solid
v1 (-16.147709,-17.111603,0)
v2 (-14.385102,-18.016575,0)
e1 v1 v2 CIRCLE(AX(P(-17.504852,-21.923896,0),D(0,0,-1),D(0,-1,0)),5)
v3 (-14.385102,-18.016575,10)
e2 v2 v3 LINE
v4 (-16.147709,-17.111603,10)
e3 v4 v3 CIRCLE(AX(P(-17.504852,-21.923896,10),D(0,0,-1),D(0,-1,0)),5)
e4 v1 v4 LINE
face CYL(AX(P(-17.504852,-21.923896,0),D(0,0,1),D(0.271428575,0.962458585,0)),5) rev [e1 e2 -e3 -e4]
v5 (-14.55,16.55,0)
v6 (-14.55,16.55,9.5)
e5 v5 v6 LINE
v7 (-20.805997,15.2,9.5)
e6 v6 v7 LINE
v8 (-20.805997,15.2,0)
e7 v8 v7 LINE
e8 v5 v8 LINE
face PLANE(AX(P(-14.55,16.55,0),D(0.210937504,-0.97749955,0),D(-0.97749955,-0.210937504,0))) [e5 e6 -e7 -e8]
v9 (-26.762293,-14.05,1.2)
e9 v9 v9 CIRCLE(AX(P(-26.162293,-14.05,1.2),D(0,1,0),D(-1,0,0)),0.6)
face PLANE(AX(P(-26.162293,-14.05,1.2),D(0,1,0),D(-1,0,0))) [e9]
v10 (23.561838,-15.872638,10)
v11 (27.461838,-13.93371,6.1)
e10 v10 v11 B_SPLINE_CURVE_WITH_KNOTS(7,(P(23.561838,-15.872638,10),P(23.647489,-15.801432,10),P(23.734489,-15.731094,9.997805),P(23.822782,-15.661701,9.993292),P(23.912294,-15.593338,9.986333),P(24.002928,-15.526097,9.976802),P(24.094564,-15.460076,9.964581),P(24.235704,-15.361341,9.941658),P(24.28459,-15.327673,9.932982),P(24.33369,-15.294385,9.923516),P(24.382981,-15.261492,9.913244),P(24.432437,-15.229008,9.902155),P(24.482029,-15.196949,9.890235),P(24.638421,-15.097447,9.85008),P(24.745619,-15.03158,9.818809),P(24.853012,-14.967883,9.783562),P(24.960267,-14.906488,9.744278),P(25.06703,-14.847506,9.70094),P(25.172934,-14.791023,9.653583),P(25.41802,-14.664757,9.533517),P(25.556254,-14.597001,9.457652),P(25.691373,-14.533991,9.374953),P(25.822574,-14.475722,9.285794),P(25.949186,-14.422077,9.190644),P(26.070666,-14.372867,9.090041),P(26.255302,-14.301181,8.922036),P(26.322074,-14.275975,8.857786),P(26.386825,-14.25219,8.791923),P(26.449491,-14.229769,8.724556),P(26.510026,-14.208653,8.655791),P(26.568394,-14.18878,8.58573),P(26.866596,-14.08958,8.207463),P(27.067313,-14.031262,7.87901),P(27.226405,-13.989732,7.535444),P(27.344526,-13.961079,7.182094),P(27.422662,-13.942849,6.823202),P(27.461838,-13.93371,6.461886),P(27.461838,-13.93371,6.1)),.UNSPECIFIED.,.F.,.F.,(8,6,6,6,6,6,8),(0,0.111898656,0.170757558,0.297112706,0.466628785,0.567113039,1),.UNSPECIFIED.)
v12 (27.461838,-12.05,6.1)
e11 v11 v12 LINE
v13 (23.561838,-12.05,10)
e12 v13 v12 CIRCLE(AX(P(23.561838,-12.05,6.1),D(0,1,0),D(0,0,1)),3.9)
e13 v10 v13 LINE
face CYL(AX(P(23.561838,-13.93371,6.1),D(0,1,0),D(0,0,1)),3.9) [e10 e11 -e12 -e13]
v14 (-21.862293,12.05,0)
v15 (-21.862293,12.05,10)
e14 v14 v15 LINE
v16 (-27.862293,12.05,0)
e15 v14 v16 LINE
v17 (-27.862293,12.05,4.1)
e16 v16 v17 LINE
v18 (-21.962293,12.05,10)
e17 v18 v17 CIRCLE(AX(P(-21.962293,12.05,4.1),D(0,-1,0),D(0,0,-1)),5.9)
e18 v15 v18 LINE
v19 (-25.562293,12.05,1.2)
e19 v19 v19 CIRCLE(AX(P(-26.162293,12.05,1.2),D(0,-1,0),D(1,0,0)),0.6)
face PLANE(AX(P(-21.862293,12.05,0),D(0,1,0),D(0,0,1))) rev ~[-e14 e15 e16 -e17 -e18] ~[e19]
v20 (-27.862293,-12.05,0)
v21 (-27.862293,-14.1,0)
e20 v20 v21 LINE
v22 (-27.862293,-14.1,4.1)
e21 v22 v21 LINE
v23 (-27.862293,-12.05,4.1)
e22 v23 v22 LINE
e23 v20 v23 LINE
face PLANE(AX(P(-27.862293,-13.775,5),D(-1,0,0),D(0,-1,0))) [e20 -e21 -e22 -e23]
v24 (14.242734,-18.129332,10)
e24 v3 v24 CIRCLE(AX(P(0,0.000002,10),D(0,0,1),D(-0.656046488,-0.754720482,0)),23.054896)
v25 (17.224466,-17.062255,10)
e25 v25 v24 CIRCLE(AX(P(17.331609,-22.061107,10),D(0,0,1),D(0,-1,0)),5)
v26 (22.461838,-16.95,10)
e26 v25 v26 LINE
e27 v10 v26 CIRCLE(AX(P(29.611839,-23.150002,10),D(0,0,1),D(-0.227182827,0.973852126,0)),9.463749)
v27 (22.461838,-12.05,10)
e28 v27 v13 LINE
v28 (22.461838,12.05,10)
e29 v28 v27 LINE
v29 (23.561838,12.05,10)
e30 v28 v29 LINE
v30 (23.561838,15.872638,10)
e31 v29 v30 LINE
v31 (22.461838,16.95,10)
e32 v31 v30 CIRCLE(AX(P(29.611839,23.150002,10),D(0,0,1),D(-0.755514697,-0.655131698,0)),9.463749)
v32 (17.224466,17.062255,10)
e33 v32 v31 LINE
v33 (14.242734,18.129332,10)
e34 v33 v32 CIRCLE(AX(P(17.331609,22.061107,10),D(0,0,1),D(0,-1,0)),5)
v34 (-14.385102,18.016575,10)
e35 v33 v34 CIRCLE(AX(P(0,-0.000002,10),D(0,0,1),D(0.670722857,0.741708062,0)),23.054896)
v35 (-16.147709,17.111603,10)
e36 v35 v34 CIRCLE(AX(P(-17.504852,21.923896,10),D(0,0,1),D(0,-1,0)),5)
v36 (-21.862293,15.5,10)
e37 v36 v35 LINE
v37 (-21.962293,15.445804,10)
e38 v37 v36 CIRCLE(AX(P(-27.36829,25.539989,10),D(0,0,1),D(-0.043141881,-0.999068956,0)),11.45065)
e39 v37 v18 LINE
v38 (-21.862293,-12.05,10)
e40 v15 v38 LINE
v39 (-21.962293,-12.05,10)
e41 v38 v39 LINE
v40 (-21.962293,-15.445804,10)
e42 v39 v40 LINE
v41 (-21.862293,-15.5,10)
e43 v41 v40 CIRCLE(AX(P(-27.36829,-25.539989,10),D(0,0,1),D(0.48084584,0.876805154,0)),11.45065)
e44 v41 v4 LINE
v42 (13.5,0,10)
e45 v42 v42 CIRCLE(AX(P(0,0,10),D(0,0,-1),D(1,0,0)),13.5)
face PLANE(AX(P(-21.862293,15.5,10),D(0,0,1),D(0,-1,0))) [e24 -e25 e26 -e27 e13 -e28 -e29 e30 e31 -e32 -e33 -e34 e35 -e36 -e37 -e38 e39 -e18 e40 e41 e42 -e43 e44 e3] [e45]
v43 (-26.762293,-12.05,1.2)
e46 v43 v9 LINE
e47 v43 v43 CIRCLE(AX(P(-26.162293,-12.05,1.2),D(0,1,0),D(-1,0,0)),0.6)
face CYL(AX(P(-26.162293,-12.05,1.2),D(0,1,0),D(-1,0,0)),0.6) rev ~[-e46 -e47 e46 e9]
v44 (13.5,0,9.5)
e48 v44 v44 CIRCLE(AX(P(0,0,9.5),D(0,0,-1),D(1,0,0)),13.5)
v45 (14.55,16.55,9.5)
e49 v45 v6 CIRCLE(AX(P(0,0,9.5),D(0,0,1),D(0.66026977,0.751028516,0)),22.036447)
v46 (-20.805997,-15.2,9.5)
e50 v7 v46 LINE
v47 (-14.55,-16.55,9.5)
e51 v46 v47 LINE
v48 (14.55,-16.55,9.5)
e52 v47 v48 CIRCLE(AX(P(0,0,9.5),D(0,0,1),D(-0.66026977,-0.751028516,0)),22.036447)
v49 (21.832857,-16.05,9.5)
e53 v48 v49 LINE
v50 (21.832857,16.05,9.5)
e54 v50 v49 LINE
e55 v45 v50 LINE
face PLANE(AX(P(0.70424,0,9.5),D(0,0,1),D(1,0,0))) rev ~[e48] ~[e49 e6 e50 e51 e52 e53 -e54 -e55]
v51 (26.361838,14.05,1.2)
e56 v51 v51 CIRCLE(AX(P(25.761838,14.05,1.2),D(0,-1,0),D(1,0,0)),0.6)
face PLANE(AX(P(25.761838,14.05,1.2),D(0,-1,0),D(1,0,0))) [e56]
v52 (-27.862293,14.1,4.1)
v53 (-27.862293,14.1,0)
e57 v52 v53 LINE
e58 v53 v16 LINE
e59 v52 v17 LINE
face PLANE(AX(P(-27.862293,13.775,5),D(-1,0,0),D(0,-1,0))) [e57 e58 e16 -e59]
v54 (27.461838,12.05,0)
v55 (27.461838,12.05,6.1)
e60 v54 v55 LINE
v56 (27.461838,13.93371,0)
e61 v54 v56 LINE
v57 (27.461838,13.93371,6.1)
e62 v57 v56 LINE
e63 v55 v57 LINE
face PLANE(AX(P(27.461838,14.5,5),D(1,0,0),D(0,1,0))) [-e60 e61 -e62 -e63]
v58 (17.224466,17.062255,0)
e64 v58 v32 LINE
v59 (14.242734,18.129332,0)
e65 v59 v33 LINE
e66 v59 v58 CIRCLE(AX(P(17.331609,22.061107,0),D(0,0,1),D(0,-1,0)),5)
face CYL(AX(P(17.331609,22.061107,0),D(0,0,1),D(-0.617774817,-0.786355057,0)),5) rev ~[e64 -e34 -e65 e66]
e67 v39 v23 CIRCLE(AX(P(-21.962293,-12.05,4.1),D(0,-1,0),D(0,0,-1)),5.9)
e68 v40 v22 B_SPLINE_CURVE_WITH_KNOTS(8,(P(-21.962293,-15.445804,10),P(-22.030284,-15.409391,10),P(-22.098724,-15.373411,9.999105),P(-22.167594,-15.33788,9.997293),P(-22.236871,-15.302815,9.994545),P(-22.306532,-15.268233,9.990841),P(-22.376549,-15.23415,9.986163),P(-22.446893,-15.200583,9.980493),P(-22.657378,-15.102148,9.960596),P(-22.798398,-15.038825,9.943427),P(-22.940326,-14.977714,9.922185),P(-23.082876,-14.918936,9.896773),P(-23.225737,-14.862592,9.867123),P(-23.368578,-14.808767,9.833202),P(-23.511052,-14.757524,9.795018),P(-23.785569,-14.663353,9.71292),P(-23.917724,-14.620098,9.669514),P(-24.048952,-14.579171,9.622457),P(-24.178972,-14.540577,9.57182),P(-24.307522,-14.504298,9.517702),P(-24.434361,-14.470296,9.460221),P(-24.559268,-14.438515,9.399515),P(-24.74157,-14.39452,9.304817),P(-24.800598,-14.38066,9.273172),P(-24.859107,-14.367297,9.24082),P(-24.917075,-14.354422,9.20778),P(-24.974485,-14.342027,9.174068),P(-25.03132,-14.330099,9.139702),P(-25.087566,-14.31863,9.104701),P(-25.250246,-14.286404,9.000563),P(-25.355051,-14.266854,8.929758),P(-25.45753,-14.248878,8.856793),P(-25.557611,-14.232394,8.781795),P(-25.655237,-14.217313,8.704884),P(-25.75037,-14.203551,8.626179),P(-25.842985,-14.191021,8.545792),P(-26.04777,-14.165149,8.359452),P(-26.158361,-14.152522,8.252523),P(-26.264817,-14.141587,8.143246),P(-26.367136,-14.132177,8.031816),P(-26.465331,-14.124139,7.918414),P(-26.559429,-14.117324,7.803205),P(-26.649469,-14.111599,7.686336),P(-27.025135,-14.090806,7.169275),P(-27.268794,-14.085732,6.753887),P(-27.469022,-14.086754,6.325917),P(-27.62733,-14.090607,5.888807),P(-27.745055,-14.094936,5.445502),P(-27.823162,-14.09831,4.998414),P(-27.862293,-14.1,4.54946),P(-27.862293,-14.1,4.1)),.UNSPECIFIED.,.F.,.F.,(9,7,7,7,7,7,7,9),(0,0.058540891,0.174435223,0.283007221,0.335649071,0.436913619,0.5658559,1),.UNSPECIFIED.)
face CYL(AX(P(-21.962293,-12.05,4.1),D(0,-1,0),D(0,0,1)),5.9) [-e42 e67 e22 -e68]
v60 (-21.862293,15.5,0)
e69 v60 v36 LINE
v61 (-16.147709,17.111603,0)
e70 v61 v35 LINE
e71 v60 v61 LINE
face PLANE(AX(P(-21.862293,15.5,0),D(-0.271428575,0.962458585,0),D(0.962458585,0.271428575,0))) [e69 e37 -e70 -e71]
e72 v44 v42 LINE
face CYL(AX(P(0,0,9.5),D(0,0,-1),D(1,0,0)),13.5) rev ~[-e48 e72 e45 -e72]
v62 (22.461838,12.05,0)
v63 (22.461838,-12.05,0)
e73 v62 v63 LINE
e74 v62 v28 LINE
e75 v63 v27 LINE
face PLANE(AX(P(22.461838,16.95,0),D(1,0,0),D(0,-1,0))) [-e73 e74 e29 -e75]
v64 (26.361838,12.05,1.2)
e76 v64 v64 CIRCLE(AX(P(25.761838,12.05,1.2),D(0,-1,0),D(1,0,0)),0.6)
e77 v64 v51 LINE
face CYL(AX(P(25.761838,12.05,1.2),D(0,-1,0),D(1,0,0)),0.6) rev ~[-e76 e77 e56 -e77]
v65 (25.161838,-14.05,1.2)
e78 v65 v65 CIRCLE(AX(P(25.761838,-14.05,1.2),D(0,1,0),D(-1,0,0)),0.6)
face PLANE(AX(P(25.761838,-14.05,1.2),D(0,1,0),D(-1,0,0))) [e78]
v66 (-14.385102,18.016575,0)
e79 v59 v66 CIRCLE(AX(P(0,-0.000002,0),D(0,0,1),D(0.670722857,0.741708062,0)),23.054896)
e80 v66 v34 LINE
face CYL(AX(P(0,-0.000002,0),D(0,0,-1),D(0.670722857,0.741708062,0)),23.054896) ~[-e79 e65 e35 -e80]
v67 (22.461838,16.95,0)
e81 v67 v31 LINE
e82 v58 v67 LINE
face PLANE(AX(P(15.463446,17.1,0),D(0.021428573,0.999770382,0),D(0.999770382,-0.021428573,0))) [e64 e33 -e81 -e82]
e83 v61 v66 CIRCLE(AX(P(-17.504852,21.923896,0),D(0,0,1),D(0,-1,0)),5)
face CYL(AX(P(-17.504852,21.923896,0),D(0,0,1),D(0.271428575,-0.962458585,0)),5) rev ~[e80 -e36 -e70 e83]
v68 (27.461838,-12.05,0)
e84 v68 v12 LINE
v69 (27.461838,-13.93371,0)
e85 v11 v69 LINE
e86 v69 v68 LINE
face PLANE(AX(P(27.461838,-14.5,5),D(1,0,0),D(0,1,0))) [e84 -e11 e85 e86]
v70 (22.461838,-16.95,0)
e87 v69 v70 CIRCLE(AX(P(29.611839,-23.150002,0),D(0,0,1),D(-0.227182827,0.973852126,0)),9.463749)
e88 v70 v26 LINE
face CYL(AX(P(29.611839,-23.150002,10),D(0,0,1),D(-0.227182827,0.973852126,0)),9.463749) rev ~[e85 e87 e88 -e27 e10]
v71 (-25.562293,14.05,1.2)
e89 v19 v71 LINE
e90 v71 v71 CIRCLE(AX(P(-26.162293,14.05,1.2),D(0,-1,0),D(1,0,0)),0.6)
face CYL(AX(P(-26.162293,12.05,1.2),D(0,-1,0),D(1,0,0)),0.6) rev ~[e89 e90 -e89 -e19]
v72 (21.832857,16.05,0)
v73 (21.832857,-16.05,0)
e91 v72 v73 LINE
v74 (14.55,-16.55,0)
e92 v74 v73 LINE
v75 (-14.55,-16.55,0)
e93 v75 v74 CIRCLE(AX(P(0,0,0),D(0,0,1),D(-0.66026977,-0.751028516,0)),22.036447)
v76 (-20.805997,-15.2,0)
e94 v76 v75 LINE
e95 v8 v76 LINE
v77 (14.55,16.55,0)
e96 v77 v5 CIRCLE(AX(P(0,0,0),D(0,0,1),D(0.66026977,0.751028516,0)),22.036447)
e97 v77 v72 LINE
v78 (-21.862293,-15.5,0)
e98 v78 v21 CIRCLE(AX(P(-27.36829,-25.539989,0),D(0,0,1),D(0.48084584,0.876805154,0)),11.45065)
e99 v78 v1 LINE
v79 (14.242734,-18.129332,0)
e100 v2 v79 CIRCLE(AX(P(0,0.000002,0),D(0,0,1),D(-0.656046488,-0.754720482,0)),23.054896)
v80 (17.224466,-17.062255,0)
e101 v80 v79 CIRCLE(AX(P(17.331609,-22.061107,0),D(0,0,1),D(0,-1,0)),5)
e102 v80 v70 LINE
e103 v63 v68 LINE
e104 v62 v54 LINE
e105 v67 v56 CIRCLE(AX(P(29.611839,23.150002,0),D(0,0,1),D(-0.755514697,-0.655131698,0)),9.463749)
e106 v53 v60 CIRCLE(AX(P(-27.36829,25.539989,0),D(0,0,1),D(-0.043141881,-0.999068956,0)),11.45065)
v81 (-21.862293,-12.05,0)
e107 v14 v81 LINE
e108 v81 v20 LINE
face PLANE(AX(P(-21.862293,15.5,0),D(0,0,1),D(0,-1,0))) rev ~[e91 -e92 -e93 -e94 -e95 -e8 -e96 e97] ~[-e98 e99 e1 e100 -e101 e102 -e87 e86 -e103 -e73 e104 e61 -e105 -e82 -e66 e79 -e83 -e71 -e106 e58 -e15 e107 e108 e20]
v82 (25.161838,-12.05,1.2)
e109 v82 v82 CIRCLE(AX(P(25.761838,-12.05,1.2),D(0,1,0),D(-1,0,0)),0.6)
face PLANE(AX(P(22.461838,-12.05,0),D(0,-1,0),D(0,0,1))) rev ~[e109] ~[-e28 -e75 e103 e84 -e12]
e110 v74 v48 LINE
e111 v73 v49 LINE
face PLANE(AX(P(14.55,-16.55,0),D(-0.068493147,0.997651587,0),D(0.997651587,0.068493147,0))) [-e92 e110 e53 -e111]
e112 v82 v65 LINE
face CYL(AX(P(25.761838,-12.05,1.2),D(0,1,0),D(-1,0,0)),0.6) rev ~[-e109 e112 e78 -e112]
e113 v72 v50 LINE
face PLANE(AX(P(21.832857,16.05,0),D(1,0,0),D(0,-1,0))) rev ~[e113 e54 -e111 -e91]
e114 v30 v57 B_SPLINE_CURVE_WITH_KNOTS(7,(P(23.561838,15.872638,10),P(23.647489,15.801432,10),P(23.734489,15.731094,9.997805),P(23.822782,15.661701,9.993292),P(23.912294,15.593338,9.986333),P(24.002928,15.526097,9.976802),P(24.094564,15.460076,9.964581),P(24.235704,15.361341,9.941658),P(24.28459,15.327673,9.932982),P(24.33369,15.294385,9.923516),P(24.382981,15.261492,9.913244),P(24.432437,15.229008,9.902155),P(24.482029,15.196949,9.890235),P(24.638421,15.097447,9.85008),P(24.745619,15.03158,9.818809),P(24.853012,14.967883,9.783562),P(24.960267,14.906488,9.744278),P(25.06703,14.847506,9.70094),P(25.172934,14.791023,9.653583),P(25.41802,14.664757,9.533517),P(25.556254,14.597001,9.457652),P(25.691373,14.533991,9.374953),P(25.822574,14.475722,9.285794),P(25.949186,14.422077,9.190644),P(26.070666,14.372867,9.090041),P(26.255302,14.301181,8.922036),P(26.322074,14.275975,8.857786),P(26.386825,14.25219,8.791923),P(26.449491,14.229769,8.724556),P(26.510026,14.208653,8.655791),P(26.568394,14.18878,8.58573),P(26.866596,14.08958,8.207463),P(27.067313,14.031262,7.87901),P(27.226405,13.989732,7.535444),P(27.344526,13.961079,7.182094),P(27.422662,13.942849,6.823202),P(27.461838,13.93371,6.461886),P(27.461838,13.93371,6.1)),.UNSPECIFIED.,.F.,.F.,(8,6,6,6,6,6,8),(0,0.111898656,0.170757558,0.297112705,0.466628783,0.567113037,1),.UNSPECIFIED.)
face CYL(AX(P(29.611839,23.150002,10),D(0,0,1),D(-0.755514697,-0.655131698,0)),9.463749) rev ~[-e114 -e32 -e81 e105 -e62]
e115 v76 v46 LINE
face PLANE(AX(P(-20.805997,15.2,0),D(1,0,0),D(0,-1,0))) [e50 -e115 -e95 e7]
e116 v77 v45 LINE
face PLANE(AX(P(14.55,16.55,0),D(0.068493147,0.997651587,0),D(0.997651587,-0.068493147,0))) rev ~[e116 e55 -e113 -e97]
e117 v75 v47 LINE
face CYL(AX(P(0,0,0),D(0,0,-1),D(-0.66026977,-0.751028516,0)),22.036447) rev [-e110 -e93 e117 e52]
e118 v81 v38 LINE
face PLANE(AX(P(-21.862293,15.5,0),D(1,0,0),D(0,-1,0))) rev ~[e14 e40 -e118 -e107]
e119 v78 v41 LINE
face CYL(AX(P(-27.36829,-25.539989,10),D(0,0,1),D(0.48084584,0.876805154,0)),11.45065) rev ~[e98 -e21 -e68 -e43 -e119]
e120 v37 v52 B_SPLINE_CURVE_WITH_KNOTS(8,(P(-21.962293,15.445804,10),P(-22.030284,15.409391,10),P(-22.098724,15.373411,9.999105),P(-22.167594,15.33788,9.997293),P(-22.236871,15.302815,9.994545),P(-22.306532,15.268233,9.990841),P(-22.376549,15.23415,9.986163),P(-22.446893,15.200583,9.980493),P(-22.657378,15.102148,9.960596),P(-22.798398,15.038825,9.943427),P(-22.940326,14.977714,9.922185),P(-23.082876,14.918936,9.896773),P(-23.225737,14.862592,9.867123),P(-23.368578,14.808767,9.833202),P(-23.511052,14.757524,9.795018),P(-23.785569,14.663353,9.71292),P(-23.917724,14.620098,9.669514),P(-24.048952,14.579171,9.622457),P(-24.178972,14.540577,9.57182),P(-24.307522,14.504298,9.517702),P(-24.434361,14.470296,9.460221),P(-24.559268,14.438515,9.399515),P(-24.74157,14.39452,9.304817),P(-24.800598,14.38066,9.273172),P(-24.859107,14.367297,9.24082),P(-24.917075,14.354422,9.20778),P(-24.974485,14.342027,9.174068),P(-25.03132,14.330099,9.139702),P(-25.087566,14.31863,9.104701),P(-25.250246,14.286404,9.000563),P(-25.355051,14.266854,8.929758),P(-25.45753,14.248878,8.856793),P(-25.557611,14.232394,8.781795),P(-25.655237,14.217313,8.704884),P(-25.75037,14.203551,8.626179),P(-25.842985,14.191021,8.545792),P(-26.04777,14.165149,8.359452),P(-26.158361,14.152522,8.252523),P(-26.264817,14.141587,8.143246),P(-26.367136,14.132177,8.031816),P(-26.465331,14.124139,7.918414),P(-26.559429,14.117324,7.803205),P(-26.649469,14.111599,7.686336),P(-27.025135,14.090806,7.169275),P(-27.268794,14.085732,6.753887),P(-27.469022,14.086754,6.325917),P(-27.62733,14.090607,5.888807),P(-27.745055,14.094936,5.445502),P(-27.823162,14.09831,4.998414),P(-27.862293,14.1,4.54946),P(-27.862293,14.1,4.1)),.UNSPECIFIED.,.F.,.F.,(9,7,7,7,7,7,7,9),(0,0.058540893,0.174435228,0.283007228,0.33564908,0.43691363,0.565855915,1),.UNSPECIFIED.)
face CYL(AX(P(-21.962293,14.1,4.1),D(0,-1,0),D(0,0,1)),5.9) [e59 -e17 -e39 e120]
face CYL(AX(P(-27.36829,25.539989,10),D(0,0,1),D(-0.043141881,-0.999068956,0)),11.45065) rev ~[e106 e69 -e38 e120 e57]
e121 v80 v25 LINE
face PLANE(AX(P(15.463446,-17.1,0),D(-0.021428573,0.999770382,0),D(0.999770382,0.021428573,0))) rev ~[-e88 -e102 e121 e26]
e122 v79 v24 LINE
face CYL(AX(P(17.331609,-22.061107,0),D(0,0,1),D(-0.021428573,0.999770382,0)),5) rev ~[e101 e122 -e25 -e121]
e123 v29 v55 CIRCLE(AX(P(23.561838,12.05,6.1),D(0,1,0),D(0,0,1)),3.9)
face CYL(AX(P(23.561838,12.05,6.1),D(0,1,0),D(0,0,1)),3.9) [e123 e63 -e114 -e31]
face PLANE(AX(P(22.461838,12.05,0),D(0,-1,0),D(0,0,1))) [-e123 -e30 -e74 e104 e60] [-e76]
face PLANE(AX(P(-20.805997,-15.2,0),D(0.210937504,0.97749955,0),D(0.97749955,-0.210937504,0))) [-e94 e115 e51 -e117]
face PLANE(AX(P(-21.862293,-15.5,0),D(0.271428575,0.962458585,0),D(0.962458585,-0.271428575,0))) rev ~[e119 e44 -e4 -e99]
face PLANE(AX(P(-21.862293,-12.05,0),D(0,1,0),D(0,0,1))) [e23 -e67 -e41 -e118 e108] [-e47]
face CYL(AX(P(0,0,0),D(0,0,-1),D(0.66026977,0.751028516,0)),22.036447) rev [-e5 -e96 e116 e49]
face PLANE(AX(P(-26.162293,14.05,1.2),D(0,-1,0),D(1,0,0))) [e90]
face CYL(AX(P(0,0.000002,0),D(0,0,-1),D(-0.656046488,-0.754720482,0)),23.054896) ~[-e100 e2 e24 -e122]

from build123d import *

# Parameters (mm, degrees)
PAD_DEPTH       = 10
POCKET_DEPTH    = 9.5
SKETCH002_R     = 13.5
POCKET001_DEPTH = 1
SKETCH003_W     = 4.9
SKETCH003_H     = 10
PAD001_DEPTH    = 5
POCKET002_DEPTH = 10
SKETCH008_R     = 0.6
POCKET003_DEPTH = 2
SKETCH009_R     = 0.6
POCKET004_DEPTH = 2
FILLET_R        = 3.9
FILLET001_R     = 3.9
FILLET002_R     = 5
FILLET003_R     = 5
FILLET004_R     = 5
FILLET005_R     = 5
SKETCH010_W     = 3.45
SKETCH010_H     = 10
PAD002_DEPTH    = 6
POCKET005_DEPTH = 10
SKETCH012_R     = 0.6
POCKET006_DEPTH = 2
SKETCH013_R     = 0.6
POCKET007_DEPTH = 2
FILLET006_R     = 5.9
FILLET007_R     = 5.9


with BuildPart() as part:
    # Sketch → Pad (new body)
    with BuildSketch(Plane.XY):
        with BuildLine():
            Line((-21.862293, 15.5), (-21.862293, -15.5))
            Line((-21.862293, -15.5), (-15.125083, -17.4))
            ThreePointArc((-15.125083, -17.4), (0.226102, -23.053785), (15.463446, -17.1))
            Line((15.463446, -17.1), (22.461838, -16.95))
            Line((22.461838, 16.95), (22.461838, -16.95))
            Line((15.463446, 17.1), (22.461838, 16.95))
            ThreePointArc((15.463446, 17.1), (0.226102, 23.053785), (-15.125083, 17.4))
            Line((-21.862293, 15.5), (-15.125083, 17.4))
        make_face()
    extrude(amount=PAD_DEPTH)

    # Sketch001 → Pocket (cut)
    with BuildSketch(Plane.XY):
        with BuildLine():
            Line((-14.55, 16.55), (-20.805997, 15.2))
            Line((-20.805997, 15.2), (-20.805997, -15.2))
            Line((-20.805997, -15.2), (-14.55, -16.55))
            ThreePointArc((-14.55, -16.55), (0, -22.036447), (14.55, -16.55))
            Line((14.55, -16.55), (21.832857, -16.05))
            Line((21.832857, 16.05), (21.832857, -16.05))
            Line((14.55, 16.55), (21.832857, 16.05))
            ThreePointArc((14.55, 16.55), (0, 22.036447), (-14.55, 16.55))
        make_face()
    extrude(amount=POCKET_DEPTH, mode=Mode.SUBTRACT)

    # Sketch002 (on Face19 of Pocket) → Pocket001 (cut)
    with BuildSketch(Plane(origin=(0, 0, 9.5), x_dir=(1, 0, 0), z_dir=(0, 0, -1))):
        Circle(SKETCH002_R)
    extrude(amount=-POCKET001_DEPTH, mode=Mode.SUBTRACT)

    # Sketch003 (on Face6 of Pocket001) → Pad001 (join)
    with BuildSketch(Plane.YZ.offset(22.461838)):
        with Locations((-14.5, 5)):
            Rectangle(SKETCH003_W, SKETCH003_H)
        with Locations((14.5, 5)):
            Rectangle(SKETCH003_W, SKETCH003_H)
    extrude(amount=PAD001_DEPTH)

    # Sketch006 → Pocket002 (cut)
    with BuildSketch(Plane.XY.offset(10)):
        with BuildLine():
            ThreePointArc((22.461838, 16.95), (24.723382, 15.046575), (27.461838, 13.93371))
            Line((27.461838, 16.95), (27.461838, 13.93371))
            Line((27.461838, 16.95), (22.461838, 16.95))
        make_face()
        with BuildLine():
            ThreePointArc((27.461838, -13.93371), (24.723382, -15.046575), (22.461838, -16.95))
            Line((27.461838, -16.95), (22.461838, -16.95))
            Line((27.461838, -13.93371), (27.461838, -16.95))
        make_face()
    extrude(amount=-POCKET002_DEPTH, mode=Mode.SUBTRACT)

    # Sketch008 (on Face27 of Pocket002) → Pocket003 (cut)
    with BuildSketch(Plane(origin=(0, -12.05, 0), x_dir=(-1, 0, 0), z_dir=(0, 1, 0))):
        with Locations((-25.761838, 1.2)):
            Circle(SKETCH008_R)
    extrude(amount=-POCKET003_DEPTH, mode=Mode.SUBTRACT)

    # Sketch009 (on Face26 of Pocket003) → Pocket004 (cut)
    with BuildSketch(Plane.XZ.offset(-12.05)):
        with Locations((25.761838, 1.2)):
            Circle(SKETCH009_R)
    extrude(amount=-POCKET004_DEPTH, mode=Mode.SUBTRACT)

    # Fillet
    fillet_edges = [part.edges().sort_by_distance(p)[0] for p in [
        (27.461838, -12.991855, 10),
    ]]
    fillet(fillet_edges, radius=FILLET_R)

    # Fillet001
    fillet001_edges = [part.edges().sort_by_distance(p)[0] for p in [
        (27.461838, 12.991855, 10),
    ]]
    fillet(fillet001_edges, radius=FILLET001_R)

    # Fillet002
    fillet002_edges = [part.edges().sort_by_distance(p)[0] for p in [
        (15.463446, -17.1, 5),
    ]]
    fillet(fillet002_edges, radius=FILLET002_R)

    # Fillet003
    fillet003_edges = [part.edges().sort_by_distance(p)[0] for p in [
        (15.463446, 17.1, 5),
    ]]
    fillet(fillet003_edges, radius=FILLET003_R)

    # Fillet004
    fillet004_edges = [part.edges().sort_by_distance(p)[0] for p in [
        (-15.125083, -17.4, 5),
    ]]
    fillet(fillet004_edges, radius=FILLET004_R)

    # Fillet005
    fillet005_edges = [part.edges().sort_by_distance(p)[0] for p in [
        (-15.125083, 17.4, 5),
    ]]
    fillet(fillet005_edges, radius=FILLET005_R)

    # Sketch010 (on Face4 of Fillet005) → Pad002 (join)
    with BuildSketch(Plane(origin=(-21.862293, 0, 0), x_dir=(0, -1, 0), z_dir=(-1, 0, 0))):
        with Locations((-13.775, 5)):
            Rectangle(SKETCH010_W, SKETCH010_H)
        with Locations((13.775, 5)):
            Rectangle(SKETCH010_W, SKETCH010_H)
    extrude(amount=PAD002_DEPTH)

    # Sketch011 (on Face6 of Pad002) → Pocket005 (cut)
    with BuildSketch(Plane.XY.offset(10)):
        with BuildLine():
            ThreePointArc((-27.862293, 14.1), (-24.766364, 14.388874), (-21.862293, 15.5))
            Line((-21.862293, 15.5), (-27.862293, 15.5))
            Line((-27.862293, 15.5), (-27.862293, 14.1))
        make_face()
        with BuildLine():
            ThreePointArc((-21.862293, -15.5), (-24.766364, -14.388874), (-27.862293, -14.1))
            Line((-27.862293, -14.1), (-27.862293, -15.5))
            Line((-27.862293, -15.5), (-21.862293, -15.5))
        make_face()
    extrude(amount=-POCKET005_DEPTH, mode=Mode.SUBTRACT)

    # Sketch012 (on Face23 of Pocket005) → Pocket006 (cut)
    with BuildSketch(Plane(origin=(0, -12.05, 0), x_dir=(-1, 0, 0), z_dir=(0, 1, 0))):
        with Locations((26.162293, 1.2)):
            Circle(SKETCH012_R)
    extrude(amount=-POCKET006_DEPTH, mode=Mode.SUBTRACT)

    # Sketch013 (on Face21 of Pocket006) → Pocket007 (cut)
    with BuildSketch(Plane.XZ.offset(-12.05)):
        with Locations((-26.162293, 1.2)):
            Circle(SKETCH013_R)
    extrude(amount=-POCKET007_DEPTH, mode=Mode.SUBTRACT)

    # Fillet006
    fillet006_edges = [part.edges().sort_by_distance(p)[0] for p in [
        (-27.862293, 13.075, 10),
    ]]
    fillet(fillet006_edges, radius=FILLET006_R)

    # Fillet007
    fillet007_edges = [part.edges().sort_by_distance(p)[0] for p in [
        (-27.862293, -13.075, 10),
    ]]
    fillet(fillet007_edges, radius=FILLET007_R)


solid = part.part
